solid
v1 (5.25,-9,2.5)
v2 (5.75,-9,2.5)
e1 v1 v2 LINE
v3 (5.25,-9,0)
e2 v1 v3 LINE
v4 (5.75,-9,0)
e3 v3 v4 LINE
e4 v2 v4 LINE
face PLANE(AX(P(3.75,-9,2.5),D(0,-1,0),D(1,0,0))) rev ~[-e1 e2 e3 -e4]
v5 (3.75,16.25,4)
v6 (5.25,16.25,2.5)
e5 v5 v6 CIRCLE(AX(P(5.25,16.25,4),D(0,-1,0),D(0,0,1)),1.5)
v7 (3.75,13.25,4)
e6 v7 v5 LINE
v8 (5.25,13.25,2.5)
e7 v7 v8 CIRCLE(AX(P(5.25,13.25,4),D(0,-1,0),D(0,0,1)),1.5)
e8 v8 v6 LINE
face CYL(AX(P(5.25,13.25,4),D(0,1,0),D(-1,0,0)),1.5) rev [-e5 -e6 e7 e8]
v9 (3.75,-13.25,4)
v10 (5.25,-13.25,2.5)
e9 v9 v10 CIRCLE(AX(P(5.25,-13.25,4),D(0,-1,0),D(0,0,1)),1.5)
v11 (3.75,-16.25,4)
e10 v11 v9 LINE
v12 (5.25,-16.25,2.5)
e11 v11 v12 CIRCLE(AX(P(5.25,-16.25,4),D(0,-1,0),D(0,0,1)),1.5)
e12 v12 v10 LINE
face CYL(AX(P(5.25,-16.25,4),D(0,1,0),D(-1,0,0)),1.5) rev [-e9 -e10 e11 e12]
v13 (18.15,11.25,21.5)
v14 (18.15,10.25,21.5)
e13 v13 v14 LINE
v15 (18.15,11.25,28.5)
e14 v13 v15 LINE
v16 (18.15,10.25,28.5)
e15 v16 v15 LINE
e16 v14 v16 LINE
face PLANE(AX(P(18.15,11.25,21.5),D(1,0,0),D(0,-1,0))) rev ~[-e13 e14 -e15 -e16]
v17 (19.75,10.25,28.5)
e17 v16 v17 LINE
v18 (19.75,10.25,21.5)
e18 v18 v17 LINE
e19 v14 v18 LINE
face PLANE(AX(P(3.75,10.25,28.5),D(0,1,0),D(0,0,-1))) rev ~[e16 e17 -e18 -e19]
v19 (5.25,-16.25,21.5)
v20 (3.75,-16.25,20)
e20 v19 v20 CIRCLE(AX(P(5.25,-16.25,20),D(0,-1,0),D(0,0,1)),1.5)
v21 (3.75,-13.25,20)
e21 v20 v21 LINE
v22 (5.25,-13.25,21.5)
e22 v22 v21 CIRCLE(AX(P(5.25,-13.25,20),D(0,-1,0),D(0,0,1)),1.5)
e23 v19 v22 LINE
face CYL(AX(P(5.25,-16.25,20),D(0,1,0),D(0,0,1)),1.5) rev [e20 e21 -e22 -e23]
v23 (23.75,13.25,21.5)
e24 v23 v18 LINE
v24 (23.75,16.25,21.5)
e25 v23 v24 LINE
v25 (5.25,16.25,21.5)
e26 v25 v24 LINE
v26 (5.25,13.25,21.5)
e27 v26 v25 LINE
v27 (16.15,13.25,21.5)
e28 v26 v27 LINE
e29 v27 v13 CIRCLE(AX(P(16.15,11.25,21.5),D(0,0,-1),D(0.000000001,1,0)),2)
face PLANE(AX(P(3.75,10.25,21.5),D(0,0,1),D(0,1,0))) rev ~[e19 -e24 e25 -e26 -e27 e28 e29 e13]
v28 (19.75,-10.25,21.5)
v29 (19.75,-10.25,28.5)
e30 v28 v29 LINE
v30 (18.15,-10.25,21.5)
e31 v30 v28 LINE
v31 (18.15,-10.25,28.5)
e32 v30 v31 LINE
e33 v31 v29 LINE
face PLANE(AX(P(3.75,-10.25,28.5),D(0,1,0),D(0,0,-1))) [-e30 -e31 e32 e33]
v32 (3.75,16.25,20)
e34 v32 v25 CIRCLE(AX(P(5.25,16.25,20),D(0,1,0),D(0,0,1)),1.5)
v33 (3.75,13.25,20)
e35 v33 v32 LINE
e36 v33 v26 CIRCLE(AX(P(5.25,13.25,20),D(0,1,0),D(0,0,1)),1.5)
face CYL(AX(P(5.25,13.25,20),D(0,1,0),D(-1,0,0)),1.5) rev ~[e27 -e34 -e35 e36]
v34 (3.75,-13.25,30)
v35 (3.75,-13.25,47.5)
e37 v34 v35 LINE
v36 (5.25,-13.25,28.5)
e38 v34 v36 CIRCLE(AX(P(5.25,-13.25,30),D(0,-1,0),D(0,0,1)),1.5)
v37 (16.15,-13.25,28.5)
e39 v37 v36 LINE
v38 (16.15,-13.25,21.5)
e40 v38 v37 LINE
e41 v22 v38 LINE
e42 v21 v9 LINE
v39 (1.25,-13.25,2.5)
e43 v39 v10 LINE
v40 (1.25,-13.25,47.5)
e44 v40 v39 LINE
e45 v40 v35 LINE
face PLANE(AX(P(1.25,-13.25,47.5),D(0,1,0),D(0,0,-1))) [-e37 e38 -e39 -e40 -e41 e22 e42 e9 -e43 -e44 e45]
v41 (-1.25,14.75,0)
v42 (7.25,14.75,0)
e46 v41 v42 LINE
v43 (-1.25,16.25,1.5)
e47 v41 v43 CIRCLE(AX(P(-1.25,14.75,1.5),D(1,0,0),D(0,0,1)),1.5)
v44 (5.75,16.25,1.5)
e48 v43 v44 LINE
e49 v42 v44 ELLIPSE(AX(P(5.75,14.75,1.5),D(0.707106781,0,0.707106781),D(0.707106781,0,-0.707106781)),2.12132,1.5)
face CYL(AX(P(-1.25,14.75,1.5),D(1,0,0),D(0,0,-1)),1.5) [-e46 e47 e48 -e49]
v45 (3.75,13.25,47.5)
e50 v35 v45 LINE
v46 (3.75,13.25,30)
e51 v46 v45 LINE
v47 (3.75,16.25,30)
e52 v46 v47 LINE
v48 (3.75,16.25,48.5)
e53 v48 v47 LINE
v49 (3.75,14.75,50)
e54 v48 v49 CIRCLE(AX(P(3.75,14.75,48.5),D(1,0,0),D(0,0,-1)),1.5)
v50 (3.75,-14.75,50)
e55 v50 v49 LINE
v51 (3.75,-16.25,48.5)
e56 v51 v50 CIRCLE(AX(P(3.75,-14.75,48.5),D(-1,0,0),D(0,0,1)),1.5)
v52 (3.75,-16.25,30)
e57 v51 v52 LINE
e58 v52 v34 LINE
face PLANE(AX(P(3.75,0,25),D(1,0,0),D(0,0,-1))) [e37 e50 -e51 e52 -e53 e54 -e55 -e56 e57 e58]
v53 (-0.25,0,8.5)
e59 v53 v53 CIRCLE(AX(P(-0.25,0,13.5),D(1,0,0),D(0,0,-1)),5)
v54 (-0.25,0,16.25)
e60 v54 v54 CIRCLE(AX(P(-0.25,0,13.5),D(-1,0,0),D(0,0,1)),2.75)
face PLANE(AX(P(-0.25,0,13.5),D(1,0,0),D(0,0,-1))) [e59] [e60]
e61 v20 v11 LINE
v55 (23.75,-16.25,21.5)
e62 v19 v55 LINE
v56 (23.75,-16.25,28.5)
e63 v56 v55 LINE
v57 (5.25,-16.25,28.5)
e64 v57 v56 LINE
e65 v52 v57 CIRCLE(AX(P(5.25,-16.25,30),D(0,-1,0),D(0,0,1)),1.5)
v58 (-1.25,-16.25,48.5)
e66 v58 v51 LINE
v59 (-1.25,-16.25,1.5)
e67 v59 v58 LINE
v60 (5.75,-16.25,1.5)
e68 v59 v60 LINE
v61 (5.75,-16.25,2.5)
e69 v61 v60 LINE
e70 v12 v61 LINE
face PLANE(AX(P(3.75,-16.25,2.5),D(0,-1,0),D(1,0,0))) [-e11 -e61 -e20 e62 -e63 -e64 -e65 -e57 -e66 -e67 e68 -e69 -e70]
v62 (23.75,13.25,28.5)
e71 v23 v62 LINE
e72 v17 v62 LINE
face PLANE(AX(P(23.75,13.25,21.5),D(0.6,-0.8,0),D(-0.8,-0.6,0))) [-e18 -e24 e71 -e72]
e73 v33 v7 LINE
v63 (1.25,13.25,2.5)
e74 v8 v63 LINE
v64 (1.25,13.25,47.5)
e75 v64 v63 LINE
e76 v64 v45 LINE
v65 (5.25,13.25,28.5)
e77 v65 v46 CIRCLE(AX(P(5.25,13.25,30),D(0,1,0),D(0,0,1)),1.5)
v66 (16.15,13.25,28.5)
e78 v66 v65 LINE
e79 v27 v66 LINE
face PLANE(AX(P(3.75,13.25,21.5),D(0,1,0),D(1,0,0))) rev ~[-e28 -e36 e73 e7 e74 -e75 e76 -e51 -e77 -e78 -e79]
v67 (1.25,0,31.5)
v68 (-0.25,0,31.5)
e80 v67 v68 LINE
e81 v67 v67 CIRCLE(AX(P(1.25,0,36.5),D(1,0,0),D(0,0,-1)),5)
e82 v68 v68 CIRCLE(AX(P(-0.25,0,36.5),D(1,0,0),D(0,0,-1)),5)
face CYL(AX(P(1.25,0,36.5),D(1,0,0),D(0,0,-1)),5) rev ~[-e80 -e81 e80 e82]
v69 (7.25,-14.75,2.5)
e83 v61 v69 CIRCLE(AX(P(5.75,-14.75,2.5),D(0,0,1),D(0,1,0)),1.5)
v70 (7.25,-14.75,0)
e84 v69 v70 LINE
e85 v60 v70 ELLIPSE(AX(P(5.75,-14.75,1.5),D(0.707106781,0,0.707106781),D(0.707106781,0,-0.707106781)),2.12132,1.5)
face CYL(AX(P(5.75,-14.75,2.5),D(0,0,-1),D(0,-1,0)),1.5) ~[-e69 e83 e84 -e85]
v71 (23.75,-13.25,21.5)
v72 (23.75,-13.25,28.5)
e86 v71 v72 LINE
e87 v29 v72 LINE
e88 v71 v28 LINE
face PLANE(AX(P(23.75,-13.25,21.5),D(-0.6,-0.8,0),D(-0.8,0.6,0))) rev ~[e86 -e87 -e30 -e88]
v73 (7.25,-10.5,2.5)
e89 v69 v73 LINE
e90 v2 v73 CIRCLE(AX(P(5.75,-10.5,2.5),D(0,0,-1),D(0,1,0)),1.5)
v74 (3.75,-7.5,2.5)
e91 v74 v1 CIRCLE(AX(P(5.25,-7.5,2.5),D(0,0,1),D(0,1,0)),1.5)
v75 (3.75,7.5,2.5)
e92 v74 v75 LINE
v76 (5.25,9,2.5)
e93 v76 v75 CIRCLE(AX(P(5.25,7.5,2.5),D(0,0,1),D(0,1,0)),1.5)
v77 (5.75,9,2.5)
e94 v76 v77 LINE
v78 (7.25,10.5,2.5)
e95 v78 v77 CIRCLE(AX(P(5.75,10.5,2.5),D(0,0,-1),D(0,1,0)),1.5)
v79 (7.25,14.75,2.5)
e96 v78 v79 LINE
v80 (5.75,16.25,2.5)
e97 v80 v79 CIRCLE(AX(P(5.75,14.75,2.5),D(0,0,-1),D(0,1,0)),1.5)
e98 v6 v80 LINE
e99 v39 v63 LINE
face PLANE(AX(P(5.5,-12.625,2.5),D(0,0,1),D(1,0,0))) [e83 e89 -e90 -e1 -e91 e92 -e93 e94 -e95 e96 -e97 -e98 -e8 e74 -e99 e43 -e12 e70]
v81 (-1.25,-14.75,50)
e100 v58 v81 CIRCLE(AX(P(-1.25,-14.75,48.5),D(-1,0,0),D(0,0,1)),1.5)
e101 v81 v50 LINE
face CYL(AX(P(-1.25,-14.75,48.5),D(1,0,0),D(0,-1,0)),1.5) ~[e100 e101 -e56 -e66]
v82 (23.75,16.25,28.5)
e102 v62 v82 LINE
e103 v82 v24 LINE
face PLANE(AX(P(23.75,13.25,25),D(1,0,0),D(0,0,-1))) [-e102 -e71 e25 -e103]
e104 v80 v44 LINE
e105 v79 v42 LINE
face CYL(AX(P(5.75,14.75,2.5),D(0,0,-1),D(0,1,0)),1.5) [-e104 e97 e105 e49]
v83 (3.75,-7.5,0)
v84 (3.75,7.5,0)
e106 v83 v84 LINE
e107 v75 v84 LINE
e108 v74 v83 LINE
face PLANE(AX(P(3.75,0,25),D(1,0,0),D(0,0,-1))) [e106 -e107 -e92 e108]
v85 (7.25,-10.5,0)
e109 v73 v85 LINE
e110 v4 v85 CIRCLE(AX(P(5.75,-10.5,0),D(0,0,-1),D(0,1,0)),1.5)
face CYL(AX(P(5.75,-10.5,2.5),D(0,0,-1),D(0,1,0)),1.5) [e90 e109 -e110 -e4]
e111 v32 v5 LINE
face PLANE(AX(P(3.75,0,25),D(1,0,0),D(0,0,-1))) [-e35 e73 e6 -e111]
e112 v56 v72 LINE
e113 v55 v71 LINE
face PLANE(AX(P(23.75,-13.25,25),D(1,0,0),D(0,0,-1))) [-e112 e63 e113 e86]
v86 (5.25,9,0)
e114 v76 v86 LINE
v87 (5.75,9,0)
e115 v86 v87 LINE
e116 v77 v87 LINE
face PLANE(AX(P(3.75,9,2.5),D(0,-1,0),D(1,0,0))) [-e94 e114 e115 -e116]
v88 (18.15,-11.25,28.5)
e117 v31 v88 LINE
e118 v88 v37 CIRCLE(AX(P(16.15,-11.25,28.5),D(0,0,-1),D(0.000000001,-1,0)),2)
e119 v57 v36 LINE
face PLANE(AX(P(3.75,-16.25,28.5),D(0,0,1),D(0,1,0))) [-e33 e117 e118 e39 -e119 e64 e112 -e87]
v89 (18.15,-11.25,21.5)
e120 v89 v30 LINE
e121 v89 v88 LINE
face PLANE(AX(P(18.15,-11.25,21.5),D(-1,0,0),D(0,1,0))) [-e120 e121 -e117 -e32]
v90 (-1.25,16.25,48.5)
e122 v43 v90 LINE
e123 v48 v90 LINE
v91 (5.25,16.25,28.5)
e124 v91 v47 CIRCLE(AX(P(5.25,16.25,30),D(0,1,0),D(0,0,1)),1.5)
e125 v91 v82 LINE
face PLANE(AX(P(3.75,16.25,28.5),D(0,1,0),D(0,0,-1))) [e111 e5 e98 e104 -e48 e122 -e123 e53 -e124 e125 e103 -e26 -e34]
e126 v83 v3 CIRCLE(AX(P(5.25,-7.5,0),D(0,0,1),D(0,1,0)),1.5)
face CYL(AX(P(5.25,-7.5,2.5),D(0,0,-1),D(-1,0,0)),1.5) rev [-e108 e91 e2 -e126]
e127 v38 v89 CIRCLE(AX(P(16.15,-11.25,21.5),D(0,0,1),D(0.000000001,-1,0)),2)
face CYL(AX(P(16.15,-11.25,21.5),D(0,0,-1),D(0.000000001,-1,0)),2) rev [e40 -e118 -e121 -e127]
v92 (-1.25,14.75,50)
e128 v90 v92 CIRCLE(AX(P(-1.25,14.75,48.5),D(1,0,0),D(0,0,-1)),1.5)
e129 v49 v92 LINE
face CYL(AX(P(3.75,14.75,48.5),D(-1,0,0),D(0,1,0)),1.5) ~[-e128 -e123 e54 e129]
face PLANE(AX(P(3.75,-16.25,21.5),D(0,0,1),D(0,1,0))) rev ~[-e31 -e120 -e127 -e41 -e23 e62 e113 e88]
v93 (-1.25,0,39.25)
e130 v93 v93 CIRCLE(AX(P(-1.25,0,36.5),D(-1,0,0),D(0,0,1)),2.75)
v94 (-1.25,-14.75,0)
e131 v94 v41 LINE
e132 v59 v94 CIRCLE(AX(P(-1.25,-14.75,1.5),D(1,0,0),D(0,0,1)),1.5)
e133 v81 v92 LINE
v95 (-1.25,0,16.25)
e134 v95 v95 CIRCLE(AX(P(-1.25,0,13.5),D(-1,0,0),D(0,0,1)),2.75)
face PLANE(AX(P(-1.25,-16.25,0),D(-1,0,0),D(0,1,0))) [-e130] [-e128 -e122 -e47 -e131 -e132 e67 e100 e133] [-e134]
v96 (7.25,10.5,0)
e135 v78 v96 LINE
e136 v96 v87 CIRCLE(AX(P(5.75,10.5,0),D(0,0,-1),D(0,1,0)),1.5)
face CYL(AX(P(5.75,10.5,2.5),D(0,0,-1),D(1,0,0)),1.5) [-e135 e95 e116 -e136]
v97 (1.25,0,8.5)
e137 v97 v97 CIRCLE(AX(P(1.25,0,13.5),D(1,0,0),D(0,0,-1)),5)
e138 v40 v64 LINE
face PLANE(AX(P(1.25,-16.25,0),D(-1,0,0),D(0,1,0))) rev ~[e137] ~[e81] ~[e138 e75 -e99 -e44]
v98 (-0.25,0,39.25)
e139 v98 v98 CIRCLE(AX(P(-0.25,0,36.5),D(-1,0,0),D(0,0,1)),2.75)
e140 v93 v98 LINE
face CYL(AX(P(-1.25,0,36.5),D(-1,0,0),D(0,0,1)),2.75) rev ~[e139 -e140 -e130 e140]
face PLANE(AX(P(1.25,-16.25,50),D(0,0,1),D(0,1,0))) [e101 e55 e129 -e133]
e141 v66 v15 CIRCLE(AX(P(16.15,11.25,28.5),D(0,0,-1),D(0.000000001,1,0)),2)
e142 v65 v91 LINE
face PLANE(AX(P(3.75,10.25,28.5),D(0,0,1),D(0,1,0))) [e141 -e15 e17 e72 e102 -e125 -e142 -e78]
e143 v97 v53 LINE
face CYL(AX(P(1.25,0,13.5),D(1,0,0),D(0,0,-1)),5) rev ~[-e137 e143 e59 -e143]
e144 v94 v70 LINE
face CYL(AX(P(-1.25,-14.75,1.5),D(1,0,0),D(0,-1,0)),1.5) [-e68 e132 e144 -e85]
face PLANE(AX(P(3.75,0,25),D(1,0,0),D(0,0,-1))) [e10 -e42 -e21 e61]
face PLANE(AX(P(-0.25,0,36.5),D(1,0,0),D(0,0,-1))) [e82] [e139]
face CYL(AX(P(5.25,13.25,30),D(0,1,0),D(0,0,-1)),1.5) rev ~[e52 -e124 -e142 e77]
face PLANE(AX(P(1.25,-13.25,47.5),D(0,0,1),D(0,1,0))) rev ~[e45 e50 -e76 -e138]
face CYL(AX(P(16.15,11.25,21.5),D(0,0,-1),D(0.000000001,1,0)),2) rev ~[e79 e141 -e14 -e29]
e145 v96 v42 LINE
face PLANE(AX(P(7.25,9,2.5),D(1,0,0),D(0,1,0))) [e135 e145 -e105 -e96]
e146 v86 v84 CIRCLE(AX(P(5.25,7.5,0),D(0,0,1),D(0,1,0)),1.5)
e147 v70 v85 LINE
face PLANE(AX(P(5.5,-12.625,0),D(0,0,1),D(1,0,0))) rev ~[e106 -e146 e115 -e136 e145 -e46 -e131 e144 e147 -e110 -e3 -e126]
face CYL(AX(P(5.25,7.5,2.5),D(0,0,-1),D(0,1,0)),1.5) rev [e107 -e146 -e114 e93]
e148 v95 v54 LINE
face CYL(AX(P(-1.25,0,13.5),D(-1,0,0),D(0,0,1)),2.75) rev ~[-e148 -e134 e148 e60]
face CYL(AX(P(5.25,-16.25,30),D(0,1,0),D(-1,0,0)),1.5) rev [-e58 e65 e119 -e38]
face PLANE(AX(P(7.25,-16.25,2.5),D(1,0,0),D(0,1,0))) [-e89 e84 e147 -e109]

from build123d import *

# Parameters (mm, degrees)
SKETCH1_W           = 2.5
SKETCH1_H           = 32.5
BOSS_EXTRUDE1_DEPTH = 50
SKETCH5_R           = 2.75
CUT_EXTRUDE5_DEPTH  = 30.5
SKETCH6_R           = 5
CUT_EXTRUDE6_DEPTH  = 1.5
SKETCH7_W           = 50
SKETCH7_H           = 32.5
SKETCH7_W_2         = 45
SKETCH7_H_2         = 26.5
BOSS_EXTRUDE2_DEPTH = 2.5
SKETCH8_W           = 7
SKETCH8_H           = 6
BOSS_EXTRUDE3_DEPTH = 20
CUT_EXTRUDE9_DEPTH  = 20
SKETCH10_W          = 3.5
SKETCH10_H          = 7.25
BOSS_EXTRUDE4_DEPTH = 2.5
FILLET1_R           = 1.5


with BuildPart() as part:
    # Sketch1 → Boss-Extrude1 (new body)
    with BuildSketch(Plane.XY):
        Rectangle(SKETCH1_W, SKETCH1_H)
    extrude(amount=BOSS_EXTRUDE1_DEPTH)

    # Sketch5 → Cut-Extrude5 (cut)
    with BuildSketch(Plane.ZY.offset(1.25)):
        with Locations((13.5, 0)):
            Circle(SKETCH5_R)
        with Locations((36.5, 0)):
            Circle(SKETCH5_R)
    extrude(amount=-CUT_EXTRUDE5_DEPTH, mode=Mode.SUBTRACT)

    # Sketch6 → Cut-Extrude6 (cut)
    with BuildSketch(Plane(origin=(1.25, 0, 0), x_dir=(0, 0, -1), z_dir=(1, 0, 0))):
        with Locations((-36.5, 0)):
            Circle(SKETCH6_R)
        with Locations((-13.5, 0)):
            Circle(SKETCH6_R)
    extrude(amount=-CUT_EXTRUDE6_DEPTH, mode=Mode.SUBTRACT)

    # Sketch7 → Boss-Extrude2 (add)
    with BuildSketch(Plane(origin=(1.25, 0, 0), x_dir=(0, 0, -1), z_dir=(1, 0, 0))):
        with Locations((-25, 0)):
            Rectangle(SKETCH7_W, SKETCH7_H)
        with Locations((-25, 0)):
            Rectangle(SKETCH7_W_2, SKETCH7_H_2, mode=Mode.SUBTRACT)
    extrude(amount=BOSS_EXTRUDE2_DEPTH)

    # Sketch8 → Boss-Extrude3 (add)
    with BuildSketch(Plane(origin=(3.75, 0, 0), x_dir=(0, 0, -1), z_dir=(1, 0, 0))):
        with Locations((-25, 13.25)):
            Rectangle(SKETCH8_W, SKETCH8_H)
        with Locations((-25, -13.25)):
            Rectangle(SKETCH8_W, SKETCH8_H)
    extrude(amount=BOSS_EXTRUDE3_DEPTH)

    # Sketch9 → Cut-Extrude9 (cut)
    with BuildSketch(Plane(origin=(0, 0, 21.5), x_dir=(-1, 0, 0), z_dir=(0, 0, -1))):
        with BuildLine():
            Line((-3.75, 13.25), (-16.15, 13.25))
            ThreePointArc((-16.15, 13.25), (-17.564213562, 12.664213562), (-18.15, 11.25))
            Line((-18.15, 11.25), (-18.15, 10.25))
            Line((-18.15, 10.25), (-3.75, 10.25))
            Line((-3.75, 10.25), (-3.75, 13.25))
        make_face()
        with BuildLine():
            Line((-3.75, -10.25), (-3.75, -13.25))
            Line((-3.75, -13.25), (-16.15, -13.25))
            ThreePointArc((-16.15, -13.25), (-17.564213562, -12.664213562), (-18.15, -11.25))
            Line((-18.15, -11.25), (-18.15, -10.25))
            Line((-18.15, -10.25), (-3.75, -10.25))
        make_face()
        Polygon((-23.75, 13.25), (-19.75, 10.25), (-23.75, 10.25), align=None)
        Polygon((-23.75, -10.25), (-23.75, -13.25), (-19.75, -10.25), align=None)
    extrude(amount=-CUT_EXTRUDE9_DEPTH, mode=Mode.SUBTRACT)

    # Sketch10 → Boss-Extrude4 (add)
    with BuildSketch(Plane.XY.offset(2.5)):
        with Locations((5.5, -12.625)):
            Rectangle(SKETCH10_W, SKETCH10_H)
        with Locations((5.5, 12.625)):
            Rectangle(SKETCH10_W, SKETCH10_H)
    extrude(amount=-BOSS_EXTRUDE4_DEPTH)

    # Fillet1
    fillet1_edges = [part.edges().sort_by_distance(p)[0] for p in [
        (3, -16.25, 0),
        (3, 16.25, 0),
        (1.25, 16.25, 50),
        (1.25, -16.25, 50),
        (3.75, -14.75, 28.5),
        (3.75, 14.75, 28.5),
        (3.75, 14.75, 21.5),
        (3.75, -14.75, 21.5),
        (7.25, -16.25, 1.25),
        (3.75, -14.75, 2.5),
        (3.75, 14.75, 2.5),
        (7.25, 16.25, 1.25),
        (7.25, -9, 1.25),
        (3.75, -9, 1.25),
        (7.25, 9, 1.25),
        (3.75, 9, 1.25),
    ]]
    fillet(fillet1_edges, radius=FILLET1_R)


solid = part.part
